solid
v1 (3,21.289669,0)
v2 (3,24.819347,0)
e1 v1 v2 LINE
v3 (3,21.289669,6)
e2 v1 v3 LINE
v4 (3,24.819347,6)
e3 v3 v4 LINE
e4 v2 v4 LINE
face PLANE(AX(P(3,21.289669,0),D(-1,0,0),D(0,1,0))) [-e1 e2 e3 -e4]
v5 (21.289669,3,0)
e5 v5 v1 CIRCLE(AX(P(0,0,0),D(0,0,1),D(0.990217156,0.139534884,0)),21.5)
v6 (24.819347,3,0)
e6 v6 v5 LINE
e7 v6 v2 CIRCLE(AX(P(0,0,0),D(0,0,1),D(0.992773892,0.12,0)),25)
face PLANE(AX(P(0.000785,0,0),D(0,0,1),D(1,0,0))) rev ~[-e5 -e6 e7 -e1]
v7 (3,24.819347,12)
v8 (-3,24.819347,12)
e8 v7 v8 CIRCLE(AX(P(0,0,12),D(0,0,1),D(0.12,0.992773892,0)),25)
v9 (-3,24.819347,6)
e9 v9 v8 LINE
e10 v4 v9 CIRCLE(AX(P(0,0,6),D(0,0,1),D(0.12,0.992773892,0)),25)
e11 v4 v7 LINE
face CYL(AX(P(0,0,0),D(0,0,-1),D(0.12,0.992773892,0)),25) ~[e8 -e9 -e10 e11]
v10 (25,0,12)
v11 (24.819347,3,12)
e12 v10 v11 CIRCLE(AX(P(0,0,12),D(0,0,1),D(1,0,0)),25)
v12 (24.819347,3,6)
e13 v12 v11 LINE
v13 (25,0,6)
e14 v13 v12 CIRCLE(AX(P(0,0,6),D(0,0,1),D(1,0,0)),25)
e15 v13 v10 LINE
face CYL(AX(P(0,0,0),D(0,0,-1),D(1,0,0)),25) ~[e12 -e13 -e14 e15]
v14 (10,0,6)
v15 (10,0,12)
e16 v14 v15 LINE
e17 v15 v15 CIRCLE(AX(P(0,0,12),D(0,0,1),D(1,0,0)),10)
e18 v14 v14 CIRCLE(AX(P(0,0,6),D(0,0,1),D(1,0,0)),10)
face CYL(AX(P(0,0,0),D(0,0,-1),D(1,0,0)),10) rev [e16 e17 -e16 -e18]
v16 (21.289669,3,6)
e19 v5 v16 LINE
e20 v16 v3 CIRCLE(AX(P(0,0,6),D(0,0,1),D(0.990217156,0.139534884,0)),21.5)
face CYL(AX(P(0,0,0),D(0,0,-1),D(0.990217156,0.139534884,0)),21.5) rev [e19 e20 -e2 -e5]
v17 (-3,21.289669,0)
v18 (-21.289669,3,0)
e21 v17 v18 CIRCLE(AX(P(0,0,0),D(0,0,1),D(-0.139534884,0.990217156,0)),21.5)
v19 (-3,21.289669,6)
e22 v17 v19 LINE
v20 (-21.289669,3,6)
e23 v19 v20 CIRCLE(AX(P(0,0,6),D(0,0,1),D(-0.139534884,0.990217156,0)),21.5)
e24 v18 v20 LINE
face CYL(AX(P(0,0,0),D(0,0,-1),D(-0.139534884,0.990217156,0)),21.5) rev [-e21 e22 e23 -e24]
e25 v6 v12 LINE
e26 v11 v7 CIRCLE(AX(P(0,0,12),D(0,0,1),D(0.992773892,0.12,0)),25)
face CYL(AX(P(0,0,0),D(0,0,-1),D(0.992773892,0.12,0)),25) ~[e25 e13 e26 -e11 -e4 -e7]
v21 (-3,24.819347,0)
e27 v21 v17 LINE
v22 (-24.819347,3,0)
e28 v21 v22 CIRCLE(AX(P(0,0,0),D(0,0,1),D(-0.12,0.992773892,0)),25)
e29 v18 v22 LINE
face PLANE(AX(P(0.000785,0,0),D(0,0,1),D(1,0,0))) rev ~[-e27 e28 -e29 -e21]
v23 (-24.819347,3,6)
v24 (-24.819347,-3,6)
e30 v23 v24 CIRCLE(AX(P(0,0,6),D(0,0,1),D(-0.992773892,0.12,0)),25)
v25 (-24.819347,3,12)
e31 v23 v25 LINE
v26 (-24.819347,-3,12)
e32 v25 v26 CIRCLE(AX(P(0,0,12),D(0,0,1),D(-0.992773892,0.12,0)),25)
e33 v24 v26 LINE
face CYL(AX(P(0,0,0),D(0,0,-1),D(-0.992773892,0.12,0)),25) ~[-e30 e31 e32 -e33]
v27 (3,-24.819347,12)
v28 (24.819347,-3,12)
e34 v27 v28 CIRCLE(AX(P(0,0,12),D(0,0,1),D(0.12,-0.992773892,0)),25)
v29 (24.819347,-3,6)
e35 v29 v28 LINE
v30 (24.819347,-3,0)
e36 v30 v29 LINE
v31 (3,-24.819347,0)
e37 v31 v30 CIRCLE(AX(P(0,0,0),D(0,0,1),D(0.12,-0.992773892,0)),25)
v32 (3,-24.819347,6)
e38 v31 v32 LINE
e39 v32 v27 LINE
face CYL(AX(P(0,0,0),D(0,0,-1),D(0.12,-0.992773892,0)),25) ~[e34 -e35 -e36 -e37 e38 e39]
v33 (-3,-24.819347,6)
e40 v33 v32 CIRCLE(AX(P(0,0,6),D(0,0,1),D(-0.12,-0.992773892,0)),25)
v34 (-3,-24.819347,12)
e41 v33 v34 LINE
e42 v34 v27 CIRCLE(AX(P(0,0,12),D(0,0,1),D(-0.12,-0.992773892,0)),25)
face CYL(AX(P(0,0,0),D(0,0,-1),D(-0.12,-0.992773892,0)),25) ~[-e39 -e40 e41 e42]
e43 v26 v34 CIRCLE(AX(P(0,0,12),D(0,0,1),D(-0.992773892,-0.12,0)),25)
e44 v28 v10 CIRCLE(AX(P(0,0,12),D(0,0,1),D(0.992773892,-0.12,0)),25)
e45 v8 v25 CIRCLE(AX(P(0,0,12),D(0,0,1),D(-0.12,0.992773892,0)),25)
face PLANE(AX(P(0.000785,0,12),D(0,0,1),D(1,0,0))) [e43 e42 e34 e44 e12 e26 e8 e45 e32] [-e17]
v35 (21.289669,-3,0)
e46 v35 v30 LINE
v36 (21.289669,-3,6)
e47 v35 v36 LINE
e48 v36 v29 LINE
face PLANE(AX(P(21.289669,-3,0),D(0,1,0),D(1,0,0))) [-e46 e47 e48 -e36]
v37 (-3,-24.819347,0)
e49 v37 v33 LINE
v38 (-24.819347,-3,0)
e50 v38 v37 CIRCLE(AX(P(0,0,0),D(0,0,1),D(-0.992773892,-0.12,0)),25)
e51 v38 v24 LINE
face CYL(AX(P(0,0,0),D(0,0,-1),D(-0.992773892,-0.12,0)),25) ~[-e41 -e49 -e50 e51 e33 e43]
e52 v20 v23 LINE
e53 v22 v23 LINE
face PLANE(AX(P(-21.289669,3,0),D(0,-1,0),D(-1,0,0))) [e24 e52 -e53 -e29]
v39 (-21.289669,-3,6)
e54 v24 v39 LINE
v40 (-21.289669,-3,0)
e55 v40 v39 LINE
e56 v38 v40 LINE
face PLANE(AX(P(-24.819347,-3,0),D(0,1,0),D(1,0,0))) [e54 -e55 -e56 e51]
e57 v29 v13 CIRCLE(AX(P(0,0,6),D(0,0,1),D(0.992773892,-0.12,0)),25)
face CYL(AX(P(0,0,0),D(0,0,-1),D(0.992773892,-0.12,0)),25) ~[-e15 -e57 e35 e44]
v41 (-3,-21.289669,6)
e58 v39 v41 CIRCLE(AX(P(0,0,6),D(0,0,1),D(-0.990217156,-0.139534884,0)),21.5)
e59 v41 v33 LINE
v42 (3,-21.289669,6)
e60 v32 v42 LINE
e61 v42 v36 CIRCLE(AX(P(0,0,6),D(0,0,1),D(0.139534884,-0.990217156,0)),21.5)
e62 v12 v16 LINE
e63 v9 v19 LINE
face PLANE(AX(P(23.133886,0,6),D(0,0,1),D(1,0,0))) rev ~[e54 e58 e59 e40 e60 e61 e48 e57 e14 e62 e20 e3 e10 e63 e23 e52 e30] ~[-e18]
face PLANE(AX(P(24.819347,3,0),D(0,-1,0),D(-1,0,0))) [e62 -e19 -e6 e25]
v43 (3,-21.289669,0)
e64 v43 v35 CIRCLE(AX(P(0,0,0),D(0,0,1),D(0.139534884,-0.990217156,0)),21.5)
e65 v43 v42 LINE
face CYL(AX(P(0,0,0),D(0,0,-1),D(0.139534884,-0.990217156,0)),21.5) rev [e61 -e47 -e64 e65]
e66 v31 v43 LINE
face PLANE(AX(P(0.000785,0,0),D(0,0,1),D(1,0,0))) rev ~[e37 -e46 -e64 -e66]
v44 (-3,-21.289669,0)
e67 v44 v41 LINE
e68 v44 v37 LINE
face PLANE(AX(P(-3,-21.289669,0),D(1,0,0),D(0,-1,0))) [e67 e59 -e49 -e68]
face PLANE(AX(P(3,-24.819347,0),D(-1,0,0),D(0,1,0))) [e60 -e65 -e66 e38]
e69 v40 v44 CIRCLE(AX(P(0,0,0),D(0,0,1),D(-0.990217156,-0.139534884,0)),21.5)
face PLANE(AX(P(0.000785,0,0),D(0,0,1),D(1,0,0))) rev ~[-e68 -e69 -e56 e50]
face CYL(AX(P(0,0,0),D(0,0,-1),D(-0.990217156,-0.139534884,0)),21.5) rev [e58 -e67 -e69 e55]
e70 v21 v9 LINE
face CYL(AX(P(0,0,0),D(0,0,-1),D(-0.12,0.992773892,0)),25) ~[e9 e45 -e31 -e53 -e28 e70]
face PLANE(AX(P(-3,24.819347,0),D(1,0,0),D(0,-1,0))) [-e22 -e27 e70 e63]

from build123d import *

# Parameters (mm, degrees)
F0_R     = 10
F1_DEPTH = 12
F2_DEPTH = 6
F3_DEPTH = 6


with BuildPart() as f1:
    # F0 (on Top) → F1 (new body)
    with BuildSketch(Plane.XY):
        with BuildLine():
            ThreePointArc((21.5, 0), (21.4473527551, 1.5036820799), (21.289668856, 3))
            ThreePointArc((21.289668856, 3), (15.2027957955, 15.2027957955), (3, 21.289668856))
            ThreePointArc((3, 21.289668856), (0, 21.5), (-3, 21.289668856))
            ThreePointArc((-3, 21.289668856), (-15.2027957955, 15.2027957955), (-21.289668856, 3))
            ThreePointArc((-21.289668856, 3), (-21.5, 0), (-21.289668856, -3))
            ThreePointArc((-21.289668856, -3), (-15.2027957955, -15.2027957955), (-3, -21.289668856))
            ThreePointArc((-3, -21.289668856), (0, -21.5), (3, -21.289668856))
            ThreePointArc((3, -21.289668856), (15.2027957955, -15.2027957955), (21.289668856, -3))
            ThreePointArc((21.289668856, -3), (21.4473527551, -1.5036820799), (21.5, 0))
        make_face()
        Circle(F0_R, mode=Mode.SUBTRACT)
        with BuildLine():
            Line((21.289668856, 3), (24.819347292, 3))
            ThreePointArc((24.819347292, 3), (17.6776695297, 17.6776695297), (3, 24.819347292))
            Line((3, 24.819347292), (3, 21.289668856))
            ThreePointArc((3, 21.289668856), (15.2027957955, 15.2027957955), (21.289668856, 3))
        make_face()
        with BuildLine():
            Line((3, 21.289668856), (3, 24.819347292))
            ThreePointArc((3, 24.819347292), (0, 25), (-3, 24.819347292))
            Line((-3, 24.819347292), (-3, 21.289668856))
            ThreePointArc((-3, 21.289668856), (0, 21.5), (3, 21.289668856))
        make_face()
        with BuildLine():
            Line((-3, 21.289668856), (-3, 24.819347292))
            ThreePointArc((-3, 24.819347292), (-17.6776695297, 17.6776695297), (-24.819347292, 3))
            Line((-24.819347292, 3), (-21.289668856, 3))
            ThreePointArc((-21.289668856, 3), (-15.2027957955, 15.2027957955), (-3, 21.289668856))
        make_face()
        with BuildLine():
            Line((-21.289668856, 3), (-24.819347292, 3))
            ThreePointArc((-24.819347292, 3), (-25, 0), (-24.819347292, -3))
            Line((-24.819347292, -3), (-21.289668856, -3))
            ThreePointArc((-21.289668856, -3), (-21.5, 0), (-21.289668856, 3))
        make_face()
        with BuildLine():
            ThreePointArc((-24.819347292, -3), (-17.6776695297, -17.6776695297), (-3, -24.819347292))
            Line((-3, -24.819347292), (-3, -21.289668856))
            ThreePointArc((-3, -21.289668856), (-15.2027957955, -15.2027957955), (-21.289668856, -3))
            Line((-21.289668856, -3), (-24.819347292, -3))
        make_face()
        with BuildLine():
            ThreePointArc((-3, -24.819347292), (0, -25), (3, -24.819347292))
            Line((3, -24.819347292), (3, -21.289668856))
            ThreePointArc((3, -21.289668856), (0, -21.5), (-3, -21.289668856))
            Line((-3, -21.289668856), (-3, -24.819347292))
        make_face()
        with BuildLine():
            ThreePointArc((3, -24.819347292), (17.6776695297, -17.6776695297), (24.819347292, -3))
            Line((24.819347292, -3), (21.289668856, -3))
            ThreePointArc((21.289668856, -3), (15.2027957955, -15.2027957955), (3, -21.289668856))
            Line((3, -21.289668856), (3, -24.819347292))
        make_face()
        with BuildLine():
            ThreePointArc((24.819347292, -3), (24.9547959549, -1.5027171558), (25, 0))
            ThreePointArc((25, 0), (24.9547959549, 1.5027171558), (24.819347292, 3))
            Line((24.819347292, 3), (21.289668856, 3))
            ThreePointArc((21.289668856, 3), (21.4473527551, 1.5036820799), (21.5, 0))
            ThreePointArc((21.5, 0), (21.4473527551, -1.5036820799), (21.289668856, -3))
            Line((21.289668856, -3), (24.819347292, -3))
        make_face()
    extrude(amount=F1_DEPTH)

    # F0 (on Top) → F2 (cut)
    with BuildSketch(Plane.XY):
        with BuildLine():
            ThreePointArc((21.5, 0), (21.4473527551, 1.5036820799), (21.289668856, 3))
            ThreePointArc((21.289668856, 3), (15.2027957955, 15.2027957955), (3, 21.289668856))
            ThreePointArc((3, 21.289668856), (0, 21.5), (-3, 21.289668856))
            ThreePointArc((-3, 21.289668856), (-15.2027957955, 15.2027957955), (-21.289668856, 3))
            ThreePointArc((-21.289668856, 3), (-21.5, 0), (-21.289668856, -3))
            ThreePointArc((-21.289668856, -3), (-15.2027957955, -15.2027957955), (-3, -21.289668856))
            ThreePointArc((-3, -21.289668856), (0, -21.5), (3, -21.289668856))
            ThreePointArc((3, -21.289668856), (15.2027957955, -15.2027957955), (21.289668856, -3))
            ThreePointArc((21.289668856, -3), (21.4473527551, -1.5036820799), (21.5, 0))
        make_face()
        Circle(F0_R, mode=Mode.SUBTRACT)
    extrude(amount=F2_DEPTH, mode=Mode.SUBTRACT)

    # F0 (on Top) → F3 (cut)
    with BuildSketch(Plane.XY):
        with BuildLine():
            Line((3, 21.289668856), (3, 24.819347292))
            ThreePointArc((3, 24.819347292), (0, 25), (-3, 24.819347292))
            Line((-3, 24.819347292), (-3, 21.289668856))
            ThreePointArc((-3, 21.289668856), (0, 21.5), (3, 21.289668856))
        make_face()
        with BuildLine():
            ThreePointArc((-3, -24.819347292), (0, -25), (3, -24.819347292))
            Line((3, -24.819347292), (3, -21.289668856))
            ThreePointArc((3, -21.289668856), (0, -21.5), (-3, -21.289668856))
            Line((-3, -21.289668856), (-3, -24.819347292))
        make_face()
        with BuildLine():
            Line((-21.289668856, 3), (-24.819347292, 3))
            ThreePointArc((-24.819347292, 3), (-25, 0), (-24.819347292, -3))
            Line((-24.819347292, -3), (-21.289668856, -3))
            ThreePointArc((-21.289668856, -3), (-21.5, 0), (-21.289668856, 3))
        make_face()
        with BuildLine():
            ThreePointArc((24.819347292, -3), (24.9547959549, -1.5027171558), (25, 0))
            ThreePointArc((25, 0), (24.9547959549, 1.5027171558), (24.819347292, 3))
            Line((24.819347292, 3), (21.289668856, 3))
            ThreePointArc((21.289668856, 3), (21.4473527551, 1.5036820799), (21.5, 0))
            ThreePointArc((21.5, 0), (21.4473527551, -1.5036820799), (21.289668856, -3))
            Line((21.289668856, -3), (24.819347292, -3))
        make_face()
    extrude(amount=F3_DEPTH, mode=Mode.SUBTRACT)


solid = f1.part
